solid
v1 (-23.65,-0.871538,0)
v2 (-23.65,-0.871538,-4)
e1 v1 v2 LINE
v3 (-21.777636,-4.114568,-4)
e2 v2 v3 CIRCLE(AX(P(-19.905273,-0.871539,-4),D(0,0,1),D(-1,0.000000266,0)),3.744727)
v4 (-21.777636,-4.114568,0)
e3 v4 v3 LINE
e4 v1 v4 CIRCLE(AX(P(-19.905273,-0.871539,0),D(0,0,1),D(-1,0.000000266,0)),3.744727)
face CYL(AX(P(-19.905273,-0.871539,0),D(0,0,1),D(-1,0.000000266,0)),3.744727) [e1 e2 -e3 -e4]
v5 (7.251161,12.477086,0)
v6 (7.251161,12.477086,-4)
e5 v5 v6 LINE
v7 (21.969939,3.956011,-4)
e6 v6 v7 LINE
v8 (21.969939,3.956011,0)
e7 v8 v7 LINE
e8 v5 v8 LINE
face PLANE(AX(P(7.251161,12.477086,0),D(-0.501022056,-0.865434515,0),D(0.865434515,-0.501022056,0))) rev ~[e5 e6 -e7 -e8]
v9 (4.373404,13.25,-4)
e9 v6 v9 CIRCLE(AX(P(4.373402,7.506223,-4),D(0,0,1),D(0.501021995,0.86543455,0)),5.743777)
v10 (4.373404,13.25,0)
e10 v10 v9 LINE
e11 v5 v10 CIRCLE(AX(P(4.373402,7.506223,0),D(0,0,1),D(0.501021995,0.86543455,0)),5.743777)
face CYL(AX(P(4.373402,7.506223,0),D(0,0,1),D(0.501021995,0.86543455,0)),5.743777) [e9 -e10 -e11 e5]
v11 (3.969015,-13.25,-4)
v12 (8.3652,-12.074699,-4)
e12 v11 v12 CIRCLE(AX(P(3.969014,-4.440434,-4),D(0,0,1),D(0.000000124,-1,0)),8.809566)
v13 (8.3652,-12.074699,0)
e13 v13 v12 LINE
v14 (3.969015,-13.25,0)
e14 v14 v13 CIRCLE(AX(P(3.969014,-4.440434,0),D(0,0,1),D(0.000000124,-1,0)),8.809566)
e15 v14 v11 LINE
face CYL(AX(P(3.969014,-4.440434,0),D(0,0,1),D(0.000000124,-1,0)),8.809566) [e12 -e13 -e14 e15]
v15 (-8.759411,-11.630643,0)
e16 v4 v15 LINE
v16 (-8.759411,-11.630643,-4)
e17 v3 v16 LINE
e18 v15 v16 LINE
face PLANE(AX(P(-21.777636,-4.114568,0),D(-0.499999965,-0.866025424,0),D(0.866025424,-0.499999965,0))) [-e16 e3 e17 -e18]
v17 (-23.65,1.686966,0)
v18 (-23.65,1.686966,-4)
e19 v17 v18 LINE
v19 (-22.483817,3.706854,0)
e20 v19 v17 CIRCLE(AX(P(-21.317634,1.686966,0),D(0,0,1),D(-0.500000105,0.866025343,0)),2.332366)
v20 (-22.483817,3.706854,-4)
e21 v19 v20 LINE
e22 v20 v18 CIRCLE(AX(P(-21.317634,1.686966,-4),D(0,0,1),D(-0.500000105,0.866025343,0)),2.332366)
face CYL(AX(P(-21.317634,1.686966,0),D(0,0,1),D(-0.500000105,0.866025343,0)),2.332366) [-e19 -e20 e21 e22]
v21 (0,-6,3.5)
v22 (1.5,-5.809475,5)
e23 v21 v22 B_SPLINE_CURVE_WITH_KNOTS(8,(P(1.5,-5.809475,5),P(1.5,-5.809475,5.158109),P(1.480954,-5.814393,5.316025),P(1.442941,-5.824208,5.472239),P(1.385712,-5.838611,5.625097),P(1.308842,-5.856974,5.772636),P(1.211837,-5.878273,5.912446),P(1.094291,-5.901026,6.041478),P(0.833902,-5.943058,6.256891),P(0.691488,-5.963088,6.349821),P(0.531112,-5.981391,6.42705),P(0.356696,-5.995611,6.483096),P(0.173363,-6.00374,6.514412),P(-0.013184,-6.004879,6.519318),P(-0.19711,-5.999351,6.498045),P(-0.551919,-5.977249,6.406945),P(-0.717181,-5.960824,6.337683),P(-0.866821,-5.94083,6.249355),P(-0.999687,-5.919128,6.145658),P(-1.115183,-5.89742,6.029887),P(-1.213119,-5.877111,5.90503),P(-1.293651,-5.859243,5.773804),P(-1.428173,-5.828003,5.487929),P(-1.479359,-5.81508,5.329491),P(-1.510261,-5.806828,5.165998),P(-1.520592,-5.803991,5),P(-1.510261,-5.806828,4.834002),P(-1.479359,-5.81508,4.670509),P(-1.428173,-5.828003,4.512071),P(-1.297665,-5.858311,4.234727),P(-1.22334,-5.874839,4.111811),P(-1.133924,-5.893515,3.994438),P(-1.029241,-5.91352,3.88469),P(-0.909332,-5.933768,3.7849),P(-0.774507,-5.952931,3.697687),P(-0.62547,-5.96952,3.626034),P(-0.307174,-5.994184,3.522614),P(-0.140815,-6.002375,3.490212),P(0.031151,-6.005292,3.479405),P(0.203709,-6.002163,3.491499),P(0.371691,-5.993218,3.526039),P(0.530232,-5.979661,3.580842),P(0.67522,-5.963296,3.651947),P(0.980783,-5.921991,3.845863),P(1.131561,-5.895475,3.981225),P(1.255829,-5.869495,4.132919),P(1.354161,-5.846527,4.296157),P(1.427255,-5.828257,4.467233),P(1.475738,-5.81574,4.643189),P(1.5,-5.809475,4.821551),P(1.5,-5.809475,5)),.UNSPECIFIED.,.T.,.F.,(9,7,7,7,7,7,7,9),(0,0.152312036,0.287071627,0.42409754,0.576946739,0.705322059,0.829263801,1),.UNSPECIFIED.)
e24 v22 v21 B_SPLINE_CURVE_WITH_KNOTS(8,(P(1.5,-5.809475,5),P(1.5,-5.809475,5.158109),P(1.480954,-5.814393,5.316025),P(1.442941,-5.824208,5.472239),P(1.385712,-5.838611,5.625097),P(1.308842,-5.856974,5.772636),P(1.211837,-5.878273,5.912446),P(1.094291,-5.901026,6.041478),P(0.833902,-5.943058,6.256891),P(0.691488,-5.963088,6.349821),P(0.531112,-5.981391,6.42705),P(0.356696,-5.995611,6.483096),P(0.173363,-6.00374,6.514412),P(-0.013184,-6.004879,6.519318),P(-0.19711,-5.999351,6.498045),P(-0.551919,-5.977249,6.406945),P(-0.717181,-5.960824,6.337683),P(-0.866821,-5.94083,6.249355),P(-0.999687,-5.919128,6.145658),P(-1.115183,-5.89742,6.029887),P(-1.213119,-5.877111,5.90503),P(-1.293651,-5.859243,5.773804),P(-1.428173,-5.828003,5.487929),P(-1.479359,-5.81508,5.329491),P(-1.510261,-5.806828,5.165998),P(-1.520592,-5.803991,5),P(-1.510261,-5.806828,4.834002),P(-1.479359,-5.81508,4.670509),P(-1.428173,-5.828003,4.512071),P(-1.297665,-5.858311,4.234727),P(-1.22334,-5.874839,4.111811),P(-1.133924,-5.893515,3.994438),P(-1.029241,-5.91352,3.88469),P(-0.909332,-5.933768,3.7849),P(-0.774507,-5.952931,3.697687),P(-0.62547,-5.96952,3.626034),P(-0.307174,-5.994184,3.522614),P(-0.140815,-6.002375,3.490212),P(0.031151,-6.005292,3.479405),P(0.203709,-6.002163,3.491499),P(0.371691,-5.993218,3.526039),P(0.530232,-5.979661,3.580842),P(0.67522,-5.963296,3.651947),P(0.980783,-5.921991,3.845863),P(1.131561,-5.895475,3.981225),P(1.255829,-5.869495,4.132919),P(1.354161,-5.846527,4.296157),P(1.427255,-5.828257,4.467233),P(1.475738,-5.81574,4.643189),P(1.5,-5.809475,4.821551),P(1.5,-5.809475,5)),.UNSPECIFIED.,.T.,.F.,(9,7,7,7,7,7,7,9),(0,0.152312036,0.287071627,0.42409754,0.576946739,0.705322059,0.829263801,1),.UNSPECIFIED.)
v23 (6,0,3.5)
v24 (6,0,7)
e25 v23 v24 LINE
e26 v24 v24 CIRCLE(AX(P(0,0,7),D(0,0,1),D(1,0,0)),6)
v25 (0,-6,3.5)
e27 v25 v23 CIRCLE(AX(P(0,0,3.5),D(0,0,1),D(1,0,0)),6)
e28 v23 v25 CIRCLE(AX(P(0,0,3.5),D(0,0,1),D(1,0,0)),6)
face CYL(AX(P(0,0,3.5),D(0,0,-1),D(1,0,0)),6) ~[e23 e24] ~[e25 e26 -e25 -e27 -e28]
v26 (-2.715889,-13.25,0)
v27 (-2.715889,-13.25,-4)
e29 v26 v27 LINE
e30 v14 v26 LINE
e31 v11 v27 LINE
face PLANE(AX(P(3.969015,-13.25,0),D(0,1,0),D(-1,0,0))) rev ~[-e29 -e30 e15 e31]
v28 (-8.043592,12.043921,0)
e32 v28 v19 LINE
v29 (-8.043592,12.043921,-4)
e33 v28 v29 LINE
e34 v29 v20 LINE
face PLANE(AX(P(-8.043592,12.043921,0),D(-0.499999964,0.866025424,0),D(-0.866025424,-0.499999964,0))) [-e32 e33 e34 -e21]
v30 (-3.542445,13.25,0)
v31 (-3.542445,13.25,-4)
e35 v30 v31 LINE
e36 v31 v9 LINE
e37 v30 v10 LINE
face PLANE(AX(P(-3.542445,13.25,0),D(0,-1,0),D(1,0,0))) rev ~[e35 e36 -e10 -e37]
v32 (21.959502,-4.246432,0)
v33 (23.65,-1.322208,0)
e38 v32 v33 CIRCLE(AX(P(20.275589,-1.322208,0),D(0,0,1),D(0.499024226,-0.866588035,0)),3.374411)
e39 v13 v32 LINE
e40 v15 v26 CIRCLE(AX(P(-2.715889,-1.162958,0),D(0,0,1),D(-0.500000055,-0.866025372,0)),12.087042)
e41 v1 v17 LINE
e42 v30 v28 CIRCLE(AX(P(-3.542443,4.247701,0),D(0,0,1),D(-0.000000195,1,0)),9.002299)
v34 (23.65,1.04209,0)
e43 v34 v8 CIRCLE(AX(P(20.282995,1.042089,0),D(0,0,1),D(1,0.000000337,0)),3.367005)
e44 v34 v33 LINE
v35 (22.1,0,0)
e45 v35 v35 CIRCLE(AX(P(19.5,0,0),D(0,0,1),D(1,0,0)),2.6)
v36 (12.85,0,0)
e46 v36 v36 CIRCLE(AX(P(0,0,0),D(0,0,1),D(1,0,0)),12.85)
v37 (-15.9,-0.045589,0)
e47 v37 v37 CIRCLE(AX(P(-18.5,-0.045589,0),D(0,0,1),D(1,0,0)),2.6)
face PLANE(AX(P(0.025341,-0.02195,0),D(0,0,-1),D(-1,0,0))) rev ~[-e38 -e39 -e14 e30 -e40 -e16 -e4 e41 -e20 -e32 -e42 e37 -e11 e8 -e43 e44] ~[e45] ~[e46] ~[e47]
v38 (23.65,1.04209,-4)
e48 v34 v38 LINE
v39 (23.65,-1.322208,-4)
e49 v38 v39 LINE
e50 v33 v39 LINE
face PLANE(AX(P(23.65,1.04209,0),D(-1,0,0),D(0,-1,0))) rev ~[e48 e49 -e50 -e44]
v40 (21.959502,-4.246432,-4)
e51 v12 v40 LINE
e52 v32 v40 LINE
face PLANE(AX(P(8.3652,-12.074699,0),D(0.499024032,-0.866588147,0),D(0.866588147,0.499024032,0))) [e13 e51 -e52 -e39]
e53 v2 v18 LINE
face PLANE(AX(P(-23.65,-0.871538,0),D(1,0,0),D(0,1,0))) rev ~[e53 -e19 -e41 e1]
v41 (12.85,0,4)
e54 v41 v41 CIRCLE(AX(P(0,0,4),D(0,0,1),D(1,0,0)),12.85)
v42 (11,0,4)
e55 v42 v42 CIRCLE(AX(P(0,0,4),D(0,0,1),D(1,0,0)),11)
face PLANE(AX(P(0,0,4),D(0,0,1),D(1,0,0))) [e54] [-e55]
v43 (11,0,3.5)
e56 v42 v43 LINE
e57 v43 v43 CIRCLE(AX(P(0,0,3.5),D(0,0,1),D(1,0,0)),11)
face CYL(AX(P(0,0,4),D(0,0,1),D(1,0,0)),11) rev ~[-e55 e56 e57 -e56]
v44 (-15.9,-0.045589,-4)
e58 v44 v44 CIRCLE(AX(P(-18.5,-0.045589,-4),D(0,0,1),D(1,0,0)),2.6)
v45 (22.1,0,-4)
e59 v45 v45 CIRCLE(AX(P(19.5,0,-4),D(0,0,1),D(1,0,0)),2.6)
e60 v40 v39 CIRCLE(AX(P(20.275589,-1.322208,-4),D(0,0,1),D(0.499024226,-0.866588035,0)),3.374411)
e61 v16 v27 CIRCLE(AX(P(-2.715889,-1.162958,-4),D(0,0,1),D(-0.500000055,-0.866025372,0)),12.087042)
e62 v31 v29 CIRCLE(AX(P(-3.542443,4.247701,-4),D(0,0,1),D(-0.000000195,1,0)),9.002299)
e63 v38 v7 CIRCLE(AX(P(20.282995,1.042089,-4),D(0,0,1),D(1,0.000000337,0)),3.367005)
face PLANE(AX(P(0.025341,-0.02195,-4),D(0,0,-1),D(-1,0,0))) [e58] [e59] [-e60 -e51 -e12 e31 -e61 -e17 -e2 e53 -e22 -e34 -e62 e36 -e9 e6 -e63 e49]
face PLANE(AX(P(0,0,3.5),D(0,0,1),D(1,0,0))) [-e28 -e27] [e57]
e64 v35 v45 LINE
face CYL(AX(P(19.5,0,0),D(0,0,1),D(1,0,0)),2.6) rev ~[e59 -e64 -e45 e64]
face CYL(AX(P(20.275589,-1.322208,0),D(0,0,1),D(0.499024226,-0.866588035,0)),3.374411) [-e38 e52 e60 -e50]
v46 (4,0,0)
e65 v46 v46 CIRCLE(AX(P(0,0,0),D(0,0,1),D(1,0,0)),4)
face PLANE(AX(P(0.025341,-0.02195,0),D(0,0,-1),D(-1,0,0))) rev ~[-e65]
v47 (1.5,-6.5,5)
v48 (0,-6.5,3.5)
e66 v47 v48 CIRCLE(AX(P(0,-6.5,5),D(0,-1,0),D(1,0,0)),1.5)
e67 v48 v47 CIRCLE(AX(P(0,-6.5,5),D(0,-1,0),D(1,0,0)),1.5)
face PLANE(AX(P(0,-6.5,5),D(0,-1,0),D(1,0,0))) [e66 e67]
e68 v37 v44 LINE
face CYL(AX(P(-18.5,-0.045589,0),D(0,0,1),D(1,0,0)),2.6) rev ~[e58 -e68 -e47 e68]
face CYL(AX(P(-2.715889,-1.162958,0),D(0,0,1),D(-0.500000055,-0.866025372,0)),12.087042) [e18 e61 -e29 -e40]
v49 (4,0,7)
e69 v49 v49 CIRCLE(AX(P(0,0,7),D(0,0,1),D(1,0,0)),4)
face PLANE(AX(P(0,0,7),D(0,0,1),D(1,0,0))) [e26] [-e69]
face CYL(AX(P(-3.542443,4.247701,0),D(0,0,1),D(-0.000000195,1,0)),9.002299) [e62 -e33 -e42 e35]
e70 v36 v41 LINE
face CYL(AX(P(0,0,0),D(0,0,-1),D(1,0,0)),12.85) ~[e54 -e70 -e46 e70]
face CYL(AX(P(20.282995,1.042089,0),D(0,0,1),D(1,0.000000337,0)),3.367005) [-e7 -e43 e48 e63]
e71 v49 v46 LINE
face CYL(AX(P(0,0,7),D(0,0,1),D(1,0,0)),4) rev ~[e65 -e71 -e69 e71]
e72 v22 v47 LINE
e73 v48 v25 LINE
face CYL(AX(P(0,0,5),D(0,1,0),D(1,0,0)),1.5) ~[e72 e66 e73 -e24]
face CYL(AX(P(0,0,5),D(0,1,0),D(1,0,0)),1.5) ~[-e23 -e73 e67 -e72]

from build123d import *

# Parameters (mm, degrees)
SKETCH_R        = 12.85
PAD_DEPTH       = 4
SKETCH003_R     = 11
POCKET_DEPTH    = 0.5
SKETCH004_R     = 6
PAD001_DEPTH    = 3.5
SKETCH006_R     = 1.5
PAD002_DEPTH    = 6.5
SKETCH005_R     = 4
POCKET001_DEPTH = 7.001
SKETCH007_R     = 2.6
PAD003_DEPTH    = 4


with BuildPart() as part:
    # Sketch → Pad (new body)
    with BuildSketch(Plane.XY):
        Circle(SKETCH_R)
    extrude(amount=PAD_DEPTH)

    # Sketch003 → Pocket (cut)
    with BuildSketch(Plane.XY.offset(4)):
        Circle(SKETCH003_R)
    extrude(amount=-POCKET_DEPTH, mode=Mode.SUBTRACT)

    # Sketch004 (on Face5 of Pocket) → Pad001 (join)
    with BuildSketch(Plane.XY.offset(3.5)):
        Circle(SKETCH004_R)
    extrude(amount=PAD001_DEPTH)

    # Sketch006 → Pad002 (join)
    with BuildSketch(Plane.XZ):
        with Locations((0, 5)):
            Circle(SKETCH006_R)
    extrude(amount=PAD002_DEPTH)

    # Sketch005 (on Face7 of Pad001) → Pocket001 (cut, through all)
    with BuildSketch(Plane.XY.offset(7)):
        Circle(SKETCH005_R)
    extrude(amount=-POCKET001_DEPTH, mode=Mode.SUBTRACT)

    # Sketch007 → Pad003 (join)
    with BuildSketch(Plane.XY):
        with BuildLine():
            Line((-3.542445, 13.25), (4.373404, 13.25))
            ThreePointArc((7.251161, 12.477086), (5.863276, 13.053407), (4.373404, 13.25))
            Line((7.251161, 12.477086), (21.969939, 3.956011))
            ThreePointArc((23.65, 1.04209), (23.1999, 2.72387), (21.969939, 3.956011))
            Line((23.65, 1.04209), (23.65, -1.322208))
            ThreePointArc((21.959502, -4.246432), (23.196964, -3.011059), (23.65, -1.322208))
            Line((8.3652, -12.074699), (21.959502, -4.246432))
            ThreePointArc((3.969015, -13.25), (6.244305, -12.951104), (8.3652, -12.074699))
            Line((3.969015, -13.25), (-2.715889, -13.25))
            ThreePointArc((-8.759411, -11.630643), (-5.844246, -12.838144), (-2.715889, -13.25))
            Line((-21.777636, -4.114568), (-8.759411, -11.630643))
            ThreePointArc((-23.65, -0.871538), (-23.148302, -2.743902), (-21.777636, -4.114568))
            Line((-23.65, -0.871538), (-23.65, 1.686966))
            ThreePointArc((-22.483817, 3.706854), (-23.337522, 2.853149), (-23.65, 1.686966))
            Line((-8.043592, 12.043921), (-22.483817, 3.706854))
            ThreePointArc((-3.542445, 13.25), (-5.87241, 12.943254), (-8.043592, 12.043921))
        make_face()
        with Locations((-18.5, -0.045589)):
            Circle(SKETCH007_R, mode=Mode.SUBTRACT)
        with Locations((19.5, 0)):
            Circle(SKETCH007_R, mode=Mode.SUBTRACT)
    extrude(amount=-PAD003_DEPTH)


solid = part.part
